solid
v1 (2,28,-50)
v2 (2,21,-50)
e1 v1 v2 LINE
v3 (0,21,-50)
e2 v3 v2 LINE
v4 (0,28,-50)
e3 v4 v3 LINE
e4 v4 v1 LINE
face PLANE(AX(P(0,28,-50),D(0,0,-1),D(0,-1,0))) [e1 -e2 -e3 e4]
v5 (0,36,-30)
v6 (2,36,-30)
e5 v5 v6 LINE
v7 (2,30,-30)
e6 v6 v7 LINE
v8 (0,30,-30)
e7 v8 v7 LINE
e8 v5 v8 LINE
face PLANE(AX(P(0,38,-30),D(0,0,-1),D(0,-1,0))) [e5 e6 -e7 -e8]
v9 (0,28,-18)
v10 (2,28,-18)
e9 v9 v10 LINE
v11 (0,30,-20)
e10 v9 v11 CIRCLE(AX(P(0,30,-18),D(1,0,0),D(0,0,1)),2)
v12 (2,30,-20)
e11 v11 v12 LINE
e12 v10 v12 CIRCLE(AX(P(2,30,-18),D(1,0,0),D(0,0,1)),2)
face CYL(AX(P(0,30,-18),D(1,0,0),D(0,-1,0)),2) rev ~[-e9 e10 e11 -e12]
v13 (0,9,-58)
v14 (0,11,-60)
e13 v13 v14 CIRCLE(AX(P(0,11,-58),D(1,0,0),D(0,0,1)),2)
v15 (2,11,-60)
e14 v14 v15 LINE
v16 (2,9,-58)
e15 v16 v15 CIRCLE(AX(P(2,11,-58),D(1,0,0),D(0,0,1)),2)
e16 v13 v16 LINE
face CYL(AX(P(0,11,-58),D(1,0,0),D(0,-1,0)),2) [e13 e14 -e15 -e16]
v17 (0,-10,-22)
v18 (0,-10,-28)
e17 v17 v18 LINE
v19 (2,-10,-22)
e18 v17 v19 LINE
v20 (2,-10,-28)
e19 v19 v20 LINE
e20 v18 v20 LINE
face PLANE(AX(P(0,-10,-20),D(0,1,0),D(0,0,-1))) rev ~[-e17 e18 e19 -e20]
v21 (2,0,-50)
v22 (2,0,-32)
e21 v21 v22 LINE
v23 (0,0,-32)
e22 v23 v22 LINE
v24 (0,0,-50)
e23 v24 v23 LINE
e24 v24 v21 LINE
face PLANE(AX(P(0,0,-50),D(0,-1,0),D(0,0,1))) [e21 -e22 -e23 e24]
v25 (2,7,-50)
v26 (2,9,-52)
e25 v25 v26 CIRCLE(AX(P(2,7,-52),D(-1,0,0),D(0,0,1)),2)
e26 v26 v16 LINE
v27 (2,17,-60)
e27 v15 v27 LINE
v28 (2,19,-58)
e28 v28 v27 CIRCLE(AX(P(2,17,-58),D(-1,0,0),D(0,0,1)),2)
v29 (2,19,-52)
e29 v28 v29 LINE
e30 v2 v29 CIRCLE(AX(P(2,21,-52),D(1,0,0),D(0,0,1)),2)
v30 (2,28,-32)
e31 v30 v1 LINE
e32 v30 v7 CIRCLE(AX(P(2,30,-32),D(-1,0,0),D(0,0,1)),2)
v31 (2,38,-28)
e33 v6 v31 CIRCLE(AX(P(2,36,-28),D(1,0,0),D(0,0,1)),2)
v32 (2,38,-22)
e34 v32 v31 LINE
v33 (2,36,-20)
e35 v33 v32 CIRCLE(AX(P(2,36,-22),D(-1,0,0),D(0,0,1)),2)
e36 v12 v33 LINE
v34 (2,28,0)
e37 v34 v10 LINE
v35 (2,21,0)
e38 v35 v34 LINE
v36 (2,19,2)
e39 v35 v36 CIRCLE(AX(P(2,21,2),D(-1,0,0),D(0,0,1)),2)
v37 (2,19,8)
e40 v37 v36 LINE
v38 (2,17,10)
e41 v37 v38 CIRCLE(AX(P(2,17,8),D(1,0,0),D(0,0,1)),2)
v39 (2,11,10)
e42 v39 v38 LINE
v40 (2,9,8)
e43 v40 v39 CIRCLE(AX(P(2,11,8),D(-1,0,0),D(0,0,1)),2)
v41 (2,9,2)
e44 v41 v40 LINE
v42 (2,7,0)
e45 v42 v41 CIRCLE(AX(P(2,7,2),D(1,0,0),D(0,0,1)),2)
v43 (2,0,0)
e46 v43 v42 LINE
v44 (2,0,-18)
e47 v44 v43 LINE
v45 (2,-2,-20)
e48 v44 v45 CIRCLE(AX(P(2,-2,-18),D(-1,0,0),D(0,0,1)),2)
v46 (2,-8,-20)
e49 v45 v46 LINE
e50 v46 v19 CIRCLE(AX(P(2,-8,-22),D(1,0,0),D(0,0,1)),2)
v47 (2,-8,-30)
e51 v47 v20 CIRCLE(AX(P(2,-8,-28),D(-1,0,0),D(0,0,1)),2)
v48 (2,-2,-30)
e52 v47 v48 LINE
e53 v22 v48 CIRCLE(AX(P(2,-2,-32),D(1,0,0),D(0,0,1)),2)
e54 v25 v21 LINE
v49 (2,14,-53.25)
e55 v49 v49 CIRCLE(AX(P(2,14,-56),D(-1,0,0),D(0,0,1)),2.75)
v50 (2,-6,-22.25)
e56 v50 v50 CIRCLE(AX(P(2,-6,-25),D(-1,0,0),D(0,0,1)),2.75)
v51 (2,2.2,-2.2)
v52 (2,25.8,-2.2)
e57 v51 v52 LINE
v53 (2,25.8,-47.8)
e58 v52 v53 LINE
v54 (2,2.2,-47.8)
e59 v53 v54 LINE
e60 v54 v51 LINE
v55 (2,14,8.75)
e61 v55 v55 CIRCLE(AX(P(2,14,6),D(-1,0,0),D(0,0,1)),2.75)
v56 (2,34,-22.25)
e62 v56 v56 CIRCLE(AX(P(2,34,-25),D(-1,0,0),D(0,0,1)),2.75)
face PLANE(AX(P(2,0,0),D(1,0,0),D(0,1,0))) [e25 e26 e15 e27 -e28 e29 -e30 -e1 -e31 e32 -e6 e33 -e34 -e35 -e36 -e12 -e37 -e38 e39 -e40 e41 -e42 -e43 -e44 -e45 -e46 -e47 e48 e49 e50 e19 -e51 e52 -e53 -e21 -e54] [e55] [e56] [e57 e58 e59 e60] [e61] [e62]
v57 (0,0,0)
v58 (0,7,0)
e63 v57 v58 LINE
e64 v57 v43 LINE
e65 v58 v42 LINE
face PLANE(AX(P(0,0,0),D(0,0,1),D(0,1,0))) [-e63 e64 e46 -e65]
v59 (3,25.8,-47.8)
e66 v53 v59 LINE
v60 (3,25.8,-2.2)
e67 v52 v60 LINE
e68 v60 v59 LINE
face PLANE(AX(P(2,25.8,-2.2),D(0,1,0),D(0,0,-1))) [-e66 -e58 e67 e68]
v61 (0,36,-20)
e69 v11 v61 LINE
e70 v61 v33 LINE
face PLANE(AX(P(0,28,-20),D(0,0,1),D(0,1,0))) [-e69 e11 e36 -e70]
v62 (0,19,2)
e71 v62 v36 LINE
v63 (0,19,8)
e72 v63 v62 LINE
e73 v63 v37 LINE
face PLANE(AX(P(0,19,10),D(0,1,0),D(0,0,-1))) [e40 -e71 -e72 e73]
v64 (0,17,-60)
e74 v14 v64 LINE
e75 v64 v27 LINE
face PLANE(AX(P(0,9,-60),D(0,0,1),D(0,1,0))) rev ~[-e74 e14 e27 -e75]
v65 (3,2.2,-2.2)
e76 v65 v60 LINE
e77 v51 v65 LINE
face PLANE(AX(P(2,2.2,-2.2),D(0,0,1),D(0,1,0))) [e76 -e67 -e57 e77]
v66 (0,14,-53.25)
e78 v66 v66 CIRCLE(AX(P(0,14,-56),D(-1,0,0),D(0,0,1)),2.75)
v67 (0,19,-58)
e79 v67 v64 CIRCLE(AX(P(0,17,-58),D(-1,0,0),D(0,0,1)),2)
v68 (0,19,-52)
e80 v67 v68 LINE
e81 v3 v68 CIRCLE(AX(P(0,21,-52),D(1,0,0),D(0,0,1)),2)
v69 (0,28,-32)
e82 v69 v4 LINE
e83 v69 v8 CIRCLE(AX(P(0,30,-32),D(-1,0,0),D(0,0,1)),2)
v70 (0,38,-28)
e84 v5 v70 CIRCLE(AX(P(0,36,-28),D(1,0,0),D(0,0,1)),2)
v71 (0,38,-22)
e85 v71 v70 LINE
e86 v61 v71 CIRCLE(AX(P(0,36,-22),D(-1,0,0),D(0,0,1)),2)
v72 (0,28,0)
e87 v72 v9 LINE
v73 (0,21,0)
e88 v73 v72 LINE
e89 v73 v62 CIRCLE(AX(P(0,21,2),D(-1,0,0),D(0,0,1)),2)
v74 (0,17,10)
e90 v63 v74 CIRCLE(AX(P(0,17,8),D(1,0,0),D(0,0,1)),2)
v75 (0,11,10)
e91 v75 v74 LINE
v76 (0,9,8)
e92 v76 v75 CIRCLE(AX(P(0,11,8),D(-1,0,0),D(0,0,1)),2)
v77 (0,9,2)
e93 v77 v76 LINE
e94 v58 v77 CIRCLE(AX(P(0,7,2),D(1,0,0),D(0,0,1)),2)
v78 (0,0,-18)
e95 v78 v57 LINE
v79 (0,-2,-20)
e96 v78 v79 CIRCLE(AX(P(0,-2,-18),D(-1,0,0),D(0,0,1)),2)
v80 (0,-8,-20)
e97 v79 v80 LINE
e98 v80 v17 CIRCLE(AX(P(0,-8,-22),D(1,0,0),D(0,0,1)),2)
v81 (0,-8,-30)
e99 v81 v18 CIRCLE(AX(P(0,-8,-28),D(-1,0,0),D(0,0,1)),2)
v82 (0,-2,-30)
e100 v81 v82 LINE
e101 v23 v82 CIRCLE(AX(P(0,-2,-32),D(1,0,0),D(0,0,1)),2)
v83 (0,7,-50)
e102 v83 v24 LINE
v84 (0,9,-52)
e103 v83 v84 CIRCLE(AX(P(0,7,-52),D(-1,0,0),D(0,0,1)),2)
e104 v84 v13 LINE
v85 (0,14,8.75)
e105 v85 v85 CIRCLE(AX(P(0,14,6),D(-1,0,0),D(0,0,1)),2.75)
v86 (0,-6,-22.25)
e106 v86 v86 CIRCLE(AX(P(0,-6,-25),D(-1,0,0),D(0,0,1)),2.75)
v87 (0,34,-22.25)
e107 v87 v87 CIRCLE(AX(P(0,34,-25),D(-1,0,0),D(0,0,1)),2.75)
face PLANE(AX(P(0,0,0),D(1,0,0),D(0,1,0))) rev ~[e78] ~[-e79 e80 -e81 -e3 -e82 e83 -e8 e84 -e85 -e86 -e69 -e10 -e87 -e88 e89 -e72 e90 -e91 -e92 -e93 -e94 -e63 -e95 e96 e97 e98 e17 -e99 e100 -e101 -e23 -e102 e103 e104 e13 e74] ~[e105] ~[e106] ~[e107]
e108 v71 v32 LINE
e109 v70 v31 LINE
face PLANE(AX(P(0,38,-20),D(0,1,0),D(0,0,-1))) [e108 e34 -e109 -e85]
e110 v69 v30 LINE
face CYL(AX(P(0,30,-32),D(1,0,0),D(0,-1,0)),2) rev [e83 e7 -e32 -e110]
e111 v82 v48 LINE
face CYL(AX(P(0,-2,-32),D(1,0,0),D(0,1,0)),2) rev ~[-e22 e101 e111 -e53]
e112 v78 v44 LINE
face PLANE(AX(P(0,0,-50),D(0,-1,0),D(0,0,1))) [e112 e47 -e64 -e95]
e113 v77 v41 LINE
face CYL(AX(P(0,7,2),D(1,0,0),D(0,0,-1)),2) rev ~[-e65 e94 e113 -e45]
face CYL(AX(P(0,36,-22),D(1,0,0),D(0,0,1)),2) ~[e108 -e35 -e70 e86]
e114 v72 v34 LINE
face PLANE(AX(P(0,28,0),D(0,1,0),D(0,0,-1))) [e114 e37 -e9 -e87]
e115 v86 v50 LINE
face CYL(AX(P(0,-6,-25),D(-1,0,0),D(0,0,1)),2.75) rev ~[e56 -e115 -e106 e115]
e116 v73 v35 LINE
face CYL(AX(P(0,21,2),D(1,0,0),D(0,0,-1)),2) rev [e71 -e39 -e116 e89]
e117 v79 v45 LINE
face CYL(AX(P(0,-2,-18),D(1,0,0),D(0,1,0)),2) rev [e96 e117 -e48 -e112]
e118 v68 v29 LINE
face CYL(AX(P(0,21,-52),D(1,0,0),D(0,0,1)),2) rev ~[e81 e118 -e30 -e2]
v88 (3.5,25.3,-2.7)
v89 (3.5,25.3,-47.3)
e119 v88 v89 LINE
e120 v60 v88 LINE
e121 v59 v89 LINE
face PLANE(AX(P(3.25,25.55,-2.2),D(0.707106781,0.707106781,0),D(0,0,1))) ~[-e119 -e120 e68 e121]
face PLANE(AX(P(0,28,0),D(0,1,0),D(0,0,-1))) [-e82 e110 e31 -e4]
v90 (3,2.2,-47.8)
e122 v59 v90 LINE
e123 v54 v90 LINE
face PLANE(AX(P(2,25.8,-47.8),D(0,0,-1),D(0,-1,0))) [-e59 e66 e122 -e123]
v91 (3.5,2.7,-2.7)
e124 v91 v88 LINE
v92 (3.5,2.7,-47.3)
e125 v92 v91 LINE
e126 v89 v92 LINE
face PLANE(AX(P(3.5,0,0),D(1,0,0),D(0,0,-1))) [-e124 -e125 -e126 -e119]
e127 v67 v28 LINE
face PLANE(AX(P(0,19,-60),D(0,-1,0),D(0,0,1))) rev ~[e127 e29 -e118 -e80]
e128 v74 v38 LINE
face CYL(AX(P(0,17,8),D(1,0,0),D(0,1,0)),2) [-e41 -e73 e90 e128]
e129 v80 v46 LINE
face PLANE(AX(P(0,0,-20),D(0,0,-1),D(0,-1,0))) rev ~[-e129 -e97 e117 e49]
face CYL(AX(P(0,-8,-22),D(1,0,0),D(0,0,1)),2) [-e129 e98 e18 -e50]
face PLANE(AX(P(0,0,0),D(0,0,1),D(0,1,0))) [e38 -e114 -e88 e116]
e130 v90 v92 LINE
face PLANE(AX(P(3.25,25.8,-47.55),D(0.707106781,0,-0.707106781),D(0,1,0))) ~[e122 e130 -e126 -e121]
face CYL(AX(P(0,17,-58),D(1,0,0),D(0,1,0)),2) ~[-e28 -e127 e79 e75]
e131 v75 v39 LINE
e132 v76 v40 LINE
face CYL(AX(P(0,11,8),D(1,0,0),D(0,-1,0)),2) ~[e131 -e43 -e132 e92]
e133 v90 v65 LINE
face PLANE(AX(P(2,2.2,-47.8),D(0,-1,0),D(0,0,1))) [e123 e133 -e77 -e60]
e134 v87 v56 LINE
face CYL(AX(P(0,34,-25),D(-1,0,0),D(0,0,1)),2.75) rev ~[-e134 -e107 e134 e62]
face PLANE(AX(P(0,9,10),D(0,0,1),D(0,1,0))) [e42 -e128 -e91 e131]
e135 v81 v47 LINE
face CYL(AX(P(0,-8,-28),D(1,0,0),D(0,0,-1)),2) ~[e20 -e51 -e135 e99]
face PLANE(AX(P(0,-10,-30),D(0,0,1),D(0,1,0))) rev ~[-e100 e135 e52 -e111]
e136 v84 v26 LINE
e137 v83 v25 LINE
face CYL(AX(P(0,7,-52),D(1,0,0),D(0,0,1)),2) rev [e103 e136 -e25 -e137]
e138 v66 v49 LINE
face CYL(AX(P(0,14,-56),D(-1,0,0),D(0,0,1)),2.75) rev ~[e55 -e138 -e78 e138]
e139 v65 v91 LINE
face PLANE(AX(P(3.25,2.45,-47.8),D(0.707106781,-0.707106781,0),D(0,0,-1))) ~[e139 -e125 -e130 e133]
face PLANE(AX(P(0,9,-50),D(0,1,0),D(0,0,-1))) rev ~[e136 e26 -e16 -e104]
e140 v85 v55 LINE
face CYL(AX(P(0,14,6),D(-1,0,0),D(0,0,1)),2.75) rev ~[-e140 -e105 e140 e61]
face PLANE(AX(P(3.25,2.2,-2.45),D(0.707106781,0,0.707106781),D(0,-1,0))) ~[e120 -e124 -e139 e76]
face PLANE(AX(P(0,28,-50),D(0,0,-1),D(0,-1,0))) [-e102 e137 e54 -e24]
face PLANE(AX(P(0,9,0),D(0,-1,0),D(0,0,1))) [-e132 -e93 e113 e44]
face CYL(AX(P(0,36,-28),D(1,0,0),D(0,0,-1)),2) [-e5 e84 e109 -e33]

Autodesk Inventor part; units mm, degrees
ref_plane "YZ Plane" through (0, 0, 0) normal (1, 0, 0) x (0, 1, 0)
ref_plane "XZ Plane" through (0, 0, 0) normal (0, 1, 0) x (-1, 0, 0)
ref_plane "XY Plane" through (0, 0, 0) normal (0, 0, 1) x (1, 0, 0)
sketch "Skizze1" plane through (0, 0, 0) normal (1, 0, 0) x (0, 1, 0)
  line L0 (0, 0) -> (28, 0)
  line L1 (28, 0) -> (28, -50)
  line L2 (28, -50) -> (0, -50)
  line L3 (0, -50) -> (0, 0)
  dimension "d0" = 50
  dimension "d1" = 28
extrude "Extrusion1" add sketch "Skizze1" along normal blind 2
sketch "Skizze2" plane through (2, 0, 0) normal (1, 0, 0) x (0, 0, -1)
  line L0 (2.2, 25.8) -> (47.8, 25.8)
  line L1 (47.8, 25.8) -> (47.8, 2.2)
  line L2 (47.8, 2.2) -> (2.2, 2.2)
  line L3 (2.2, 2.2) -> (2.2, 25.8)
  line L4 (0, 28) -> (0, 0) projected
  line L5 (0, 0) -> (50, 0) projected
  dimension "d4" = 45.6
  dimension "d5" = 23.6
  dimension "d6" = 2.2
  dimension "d7" = 2.2
extrude "Extrusion2" add sketch "Skizze2" along normal blind 1.5
chamfer "Fase1" distance 0.5 angle 45 4 edges at (3.5, 2.2, -25) (3.5, 14, -2.2) (3.5, 14, -47.8) (3.5, 25.8, -25)
sketch "Skizze3" plane through (0, 0, 0) normal (-1, 0, 0) x (0, 0, 1)
  line L0 (-50, 0) -> (-50, 28) projected
  line L1 (-50, 9) -> (-60, 9)
  line L2 (-60, 9) -> (-60, 19)
  line L3 (-60, 19) -> (-50, 19)
  line L4 (-50, 19) -> (-50, 9)
  line L5 (-50, 28) -> (0, 28) projected
  line L6 (-30, 28) -> (-20, 28)
  line L7 (-20, 28) -> (-20, 38)
  line L8 (-20, 38) -> (-30, 38)
  line L9 (-30, 38) -> (-30, 28)
  line L10 (-30, 0) -> (-20, 0)
  line L11 (-20, 0) -> (-20, -10)
  line L12 (-20, -10) -> (-30, -10)
  line L13 (-30, -10) -> (-30, 0)
  line L14 (0, 28) -> (0, 0) projected
  line L15 (0, 9) -> (10, 9)
  line L16 (10, 9) -> (10, 19)
  line L17 (10, 19) -> (0, 19)
  line L18 (0, 19) -> (0, 9)
  line L19 (0, 0) -> (-50, 0) projected
  point P0 (0, 19)
  dimension "d13" = 10
  dimension "d14" = 10
  dimension "d15" = 10
  dimension "d16" = 10
  dimension "d17" = 10
  dimension "d18" = 10
  dimension "d19" = 10
  dimension "d20" = 10
  dimension "d21" = 20
  dimension "d22" = 20
  dimension "d23" = 9
  dimension "d24" = 9
extrude "Extrusion3" add sketch "Skizze3" against normal blind 2 contours L1 L2 L3 L0 | L10 L11 L12 L13 | L9 L8 L7 L5 | L14 L17 L16 L15
fillet "Rundung1" radius 2 16 edges at (1, 28, -30) (1, 38, -30) (1, 38, -20) (1, 19, -50) (1, 19, -60) (1, 9, -60) (1, 19, 10) (1, -10, -30) (1, 9, -50) (1, -10, -20) (1, 9, 10) (1, 0, -20) (1, 9, 0) (1, 19, 0) (1, 28, -20) (1, 0, -30)
sketch "Skizze4" plane through (0, 0, 0) normal (-1, 0, 0) x (0, 0, 1)
  circle A0 centre (-25, 34) radius 2.75
  circle A1 centre (6, 14) radius 2.75
  circle A2 centre (-25, -6) radius 2.75
  circle A3 centre (-56, 14) radius 2.75
  line L0 (-30, 36) -> (-30, 30) projected
  line L1 (-52, 19) -> (-58, 19) projected
  line L2 (8, 19) -> (2, 19) projected
  line L3 (-30, -2) -> (-30, -8) projected
  line L4 (10, 11) -> (10, 17) projected
  line L5 (-28, -10) -> (-22, -10) projected
  line L6 (-60, 17) -> (-60, 11) projected
  line L7 (-22, 38) -> (-28, 38) projected
  point P0 (0, 0)
  dimension "d28" = 5.5
  dimension "d29" = 5
  dimension "d30" = 5
  dimension "d31" = 5
  dimension "d32" = 5
  dimension "d33" = 4
  dimension "d34" = 4
  dimension "d35" = 4
  dimension "d36" = 4
extrude "Extrusion4" cut sketch "Skizze4" against normal blind 2
properties part number "gehaeuse_deckel"
